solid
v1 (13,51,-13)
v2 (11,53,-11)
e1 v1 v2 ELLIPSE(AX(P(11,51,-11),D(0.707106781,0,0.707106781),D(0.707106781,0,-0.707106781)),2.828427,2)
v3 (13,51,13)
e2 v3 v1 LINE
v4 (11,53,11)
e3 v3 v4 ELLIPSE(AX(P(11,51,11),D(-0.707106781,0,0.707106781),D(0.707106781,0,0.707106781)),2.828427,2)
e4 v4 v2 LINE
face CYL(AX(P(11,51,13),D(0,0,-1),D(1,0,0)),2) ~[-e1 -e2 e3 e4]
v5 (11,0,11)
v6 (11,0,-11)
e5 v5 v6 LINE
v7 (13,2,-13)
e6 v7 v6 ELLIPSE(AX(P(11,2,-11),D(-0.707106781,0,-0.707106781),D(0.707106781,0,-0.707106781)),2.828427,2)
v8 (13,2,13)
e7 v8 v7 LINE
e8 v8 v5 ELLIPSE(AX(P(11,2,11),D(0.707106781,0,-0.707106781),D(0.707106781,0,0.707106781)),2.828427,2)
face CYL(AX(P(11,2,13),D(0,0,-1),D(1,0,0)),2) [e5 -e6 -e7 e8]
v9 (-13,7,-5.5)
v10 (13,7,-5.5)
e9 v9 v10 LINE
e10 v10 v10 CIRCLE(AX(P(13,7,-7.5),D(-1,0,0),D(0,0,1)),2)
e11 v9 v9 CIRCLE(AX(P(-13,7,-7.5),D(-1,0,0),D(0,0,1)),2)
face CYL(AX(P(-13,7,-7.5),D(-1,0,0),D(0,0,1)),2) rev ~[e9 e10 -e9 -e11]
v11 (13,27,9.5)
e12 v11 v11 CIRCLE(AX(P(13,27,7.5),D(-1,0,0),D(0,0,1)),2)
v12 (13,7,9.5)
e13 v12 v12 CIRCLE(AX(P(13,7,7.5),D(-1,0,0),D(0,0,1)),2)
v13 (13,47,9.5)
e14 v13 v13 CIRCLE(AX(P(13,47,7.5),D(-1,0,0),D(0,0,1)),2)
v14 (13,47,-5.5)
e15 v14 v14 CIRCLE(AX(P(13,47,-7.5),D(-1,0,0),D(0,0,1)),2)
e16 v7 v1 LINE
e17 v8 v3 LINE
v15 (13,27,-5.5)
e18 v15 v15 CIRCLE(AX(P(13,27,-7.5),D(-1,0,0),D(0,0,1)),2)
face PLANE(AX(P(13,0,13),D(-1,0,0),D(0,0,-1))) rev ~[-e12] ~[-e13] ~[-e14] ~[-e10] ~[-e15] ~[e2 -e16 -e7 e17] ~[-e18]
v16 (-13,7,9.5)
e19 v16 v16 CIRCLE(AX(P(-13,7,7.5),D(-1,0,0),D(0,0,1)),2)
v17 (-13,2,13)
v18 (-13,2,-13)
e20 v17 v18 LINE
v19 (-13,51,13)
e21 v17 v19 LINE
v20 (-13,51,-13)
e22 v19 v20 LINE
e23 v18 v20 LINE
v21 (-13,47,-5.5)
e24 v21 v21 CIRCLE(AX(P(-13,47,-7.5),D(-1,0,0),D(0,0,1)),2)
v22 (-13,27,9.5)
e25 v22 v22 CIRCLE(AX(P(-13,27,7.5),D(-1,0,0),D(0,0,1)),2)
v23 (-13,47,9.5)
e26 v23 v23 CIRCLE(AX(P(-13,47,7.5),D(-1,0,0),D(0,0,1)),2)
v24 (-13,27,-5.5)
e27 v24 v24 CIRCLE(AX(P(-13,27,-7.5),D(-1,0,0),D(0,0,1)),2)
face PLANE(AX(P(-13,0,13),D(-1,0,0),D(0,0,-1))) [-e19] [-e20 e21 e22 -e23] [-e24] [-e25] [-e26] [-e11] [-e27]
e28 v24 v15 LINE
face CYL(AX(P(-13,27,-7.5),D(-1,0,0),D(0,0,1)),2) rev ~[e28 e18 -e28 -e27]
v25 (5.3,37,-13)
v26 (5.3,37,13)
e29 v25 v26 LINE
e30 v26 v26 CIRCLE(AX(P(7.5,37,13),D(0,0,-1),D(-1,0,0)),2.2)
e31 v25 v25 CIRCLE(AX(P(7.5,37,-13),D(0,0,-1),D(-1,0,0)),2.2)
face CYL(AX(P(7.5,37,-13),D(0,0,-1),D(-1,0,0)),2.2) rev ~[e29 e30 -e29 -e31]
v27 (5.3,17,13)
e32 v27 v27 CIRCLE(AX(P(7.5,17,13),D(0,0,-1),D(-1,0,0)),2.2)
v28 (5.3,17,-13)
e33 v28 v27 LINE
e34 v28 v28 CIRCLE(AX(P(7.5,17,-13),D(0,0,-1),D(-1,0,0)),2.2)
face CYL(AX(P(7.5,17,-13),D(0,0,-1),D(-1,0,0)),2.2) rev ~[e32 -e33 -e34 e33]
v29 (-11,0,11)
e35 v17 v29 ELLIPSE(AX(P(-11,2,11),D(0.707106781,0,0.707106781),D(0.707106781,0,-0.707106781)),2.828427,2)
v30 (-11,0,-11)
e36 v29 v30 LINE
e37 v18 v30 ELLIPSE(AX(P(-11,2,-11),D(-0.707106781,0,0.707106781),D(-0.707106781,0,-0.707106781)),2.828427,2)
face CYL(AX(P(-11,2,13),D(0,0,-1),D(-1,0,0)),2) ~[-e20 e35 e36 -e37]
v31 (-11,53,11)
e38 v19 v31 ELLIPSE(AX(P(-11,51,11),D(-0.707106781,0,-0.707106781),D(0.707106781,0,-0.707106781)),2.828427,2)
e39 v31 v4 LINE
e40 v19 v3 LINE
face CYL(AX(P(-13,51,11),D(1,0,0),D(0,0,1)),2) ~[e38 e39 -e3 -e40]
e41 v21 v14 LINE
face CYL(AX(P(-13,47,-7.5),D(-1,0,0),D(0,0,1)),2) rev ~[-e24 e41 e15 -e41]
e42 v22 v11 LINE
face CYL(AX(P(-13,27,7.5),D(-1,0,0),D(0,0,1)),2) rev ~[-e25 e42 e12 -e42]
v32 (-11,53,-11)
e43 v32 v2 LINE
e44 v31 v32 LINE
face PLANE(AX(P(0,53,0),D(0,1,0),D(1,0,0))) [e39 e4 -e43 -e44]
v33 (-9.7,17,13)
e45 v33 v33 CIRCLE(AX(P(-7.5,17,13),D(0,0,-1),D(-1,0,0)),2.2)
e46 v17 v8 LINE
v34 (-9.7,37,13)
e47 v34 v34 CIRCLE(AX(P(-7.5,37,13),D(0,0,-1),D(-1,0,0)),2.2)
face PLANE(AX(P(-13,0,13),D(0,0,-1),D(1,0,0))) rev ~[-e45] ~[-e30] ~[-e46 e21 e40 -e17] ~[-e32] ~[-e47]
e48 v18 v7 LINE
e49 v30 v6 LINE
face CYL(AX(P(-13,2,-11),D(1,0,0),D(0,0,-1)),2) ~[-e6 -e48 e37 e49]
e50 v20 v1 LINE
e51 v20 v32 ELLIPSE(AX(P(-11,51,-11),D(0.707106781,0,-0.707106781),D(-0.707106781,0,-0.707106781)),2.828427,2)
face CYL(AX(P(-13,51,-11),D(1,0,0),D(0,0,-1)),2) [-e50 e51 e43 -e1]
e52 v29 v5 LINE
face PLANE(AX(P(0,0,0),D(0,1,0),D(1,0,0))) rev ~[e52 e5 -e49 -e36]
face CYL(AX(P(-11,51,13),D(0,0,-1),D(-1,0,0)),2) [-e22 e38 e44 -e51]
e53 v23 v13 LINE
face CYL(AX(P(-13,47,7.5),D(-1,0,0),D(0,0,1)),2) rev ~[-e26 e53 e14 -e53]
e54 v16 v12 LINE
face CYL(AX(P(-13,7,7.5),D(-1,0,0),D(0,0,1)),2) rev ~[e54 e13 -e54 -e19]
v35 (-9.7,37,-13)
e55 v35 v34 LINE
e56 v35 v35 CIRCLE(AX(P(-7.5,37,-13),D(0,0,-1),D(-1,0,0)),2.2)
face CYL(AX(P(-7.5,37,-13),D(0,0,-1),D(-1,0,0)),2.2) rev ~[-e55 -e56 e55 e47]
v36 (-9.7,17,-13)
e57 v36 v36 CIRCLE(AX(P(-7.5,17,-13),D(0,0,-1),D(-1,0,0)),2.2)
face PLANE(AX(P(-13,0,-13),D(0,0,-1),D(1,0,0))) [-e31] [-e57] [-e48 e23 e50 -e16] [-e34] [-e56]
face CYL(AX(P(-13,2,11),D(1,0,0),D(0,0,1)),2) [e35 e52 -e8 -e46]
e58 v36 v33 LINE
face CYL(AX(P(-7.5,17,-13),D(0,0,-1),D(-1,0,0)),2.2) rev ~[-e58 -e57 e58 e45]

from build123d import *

# Parameters (mm, degrees)
SKETCH_1_W          = 26
SKETCH_1_H          = 26
EXTRUDE_1_DEPTH     = 53
FILLET_2_R          = 2
CUT_EXTRUDE_1_REACH = 62.448
SKETCH_2_R          = 1.55
CUT_EXTRUDE_2_REACH = 62.448
SKETCH_3_R          = 2
CUT_EXTRUDE_3_REACH = 62.448
SKETCH_4_R          = 2.2


with BuildPart() as part:
    # 草图1 → 凸台-拉伸1 (new body)
    with BuildSketch(Plane(origin=(0, 0, 0), x_dir=(1, 0, 0), z_dir=(0, 1, 0))):
        Rectangle(SKETCH_1_W, SKETCH_1_H)
    extrude(amount=EXTRUDE_1_DEPTH)

    # 圆角2
    fillet_2_edges = [part.edges().sort_by_distance(p)[0] for p in [
        (-13, 53, 0),
        (0, 53, 13),
        (13, 53, 0),
        (0, 0, 13),
        (-13, 0, 0),
        (0, 0, -13),
        (13, 0, 0),
        (0, 53, -13),
    ]]
    fillet(fillet_2_edges, radius=FILLET_2_R)

    # 草图2 → 切除-拉伸1 (cut, up to next)
    with BuildSketch(Plane.XY.offset(13), mode=Mode.PRIVATE) as cut_extrude_1_sk1:
        with Locations((-7.5, 37)):
            Circle(SKETCH_2_R)
    cut_extrude_1_tool1 = extrude(cut_extrude_1_sk1.sketch, amount=-CUT_EXTRUDE_1_REACH, mode=Mode.PRIVATE) & part.part
    # 草图2 → 切除-拉伸1 (cut, up to next)
    with BuildSketch(Plane.XY.offset(13), mode=Mode.PRIVATE) as cut_extrude_1_sk2:
        with Locations((7.5, 37)):
            Circle(SKETCH_2_R)
    cut_extrude_1_tool2 = extrude(cut_extrude_1_sk2.sketch, amount=-CUT_EXTRUDE_1_REACH, mode=Mode.PRIVATE) & part.part
    # 草图2 → 切除-拉伸1 (cut, up to next)
    with BuildSketch(Plane.XY.offset(13), mode=Mode.PRIVATE) as cut_extrude_1_sk3:
        with Locations((-7.5, 17)):
            Circle(SKETCH_2_R)
    cut_extrude_1_tool3 = extrude(cut_extrude_1_sk3.sketch, amount=-CUT_EXTRUDE_1_REACH, mode=Mode.PRIVATE) & part.part
    # 草图2 → 切除-拉伸1 (cut, up to next)
    with BuildSketch(Plane.XY.offset(13), mode=Mode.PRIVATE) as cut_extrude_1_sk4:
        with Locations((7.5, 17)):
            Circle(SKETCH_2_R)
    cut_extrude_1_tool4 = extrude(cut_extrude_1_sk4.sketch, amount=-CUT_EXTRUDE_1_REACH, mode=Mode.PRIVATE) & part.part
    add(cut_extrude_1_tool1.solids().sort_by_distance((-7.5, 37, 13))[0], mode=Mode.SUBTRACT)
    add(cut_extrude_1_tool2.solids().sort_by_distance((7.5, 37, 13))[0], mode=Mode.SUBTRACT)
    add(cut_extrude_1_tool3.solids().sort_by_distance((-7.5, 17, 13))[0], mode=Mode.SUBTRACT)
    add(cut_extrude_1_tool4.solids().sort_by_distance((7.5, 17, 13))[0], mode=Mode.SUBTRACT)

    # 草图3 → 切除-拉伸2 (cut, up to next)
    with BuildSketch(Plane.ZY.offset(13), mode=Mode.PRIVATE) as cut_extrude_2_sk1:
        with Locations((-7.5, 47)):
            Circle(SKETCH_3_R)
    cut_extrude_2_tool1 = extrude(cut_extrude_2_sk1.sketch, amount=-CUT_EXTRUDE_2_REACH, mode=Mode.PRIVATE) & part.part
    # 草图3 → 切除-拉伸2 (cut, up to next)
    with BuildSketch(Plane.ZY.offset(13), mode=Mode.PRIVATE) as cut_extrude_2_sk2:
        with Locations((7.5, 47)):
            Circle(SKETCH_3_R)
    cut_extrude_2_tool2 = extrude(cut_extrude_2_sk2.sketch, amount=-CUT_EXTRUDE_2_REACH, mode=Mode.PRIVATE) & part.part
    # 草图3 → 切除-拉伸2 (cut, up to next)
    with BuildSketch(Plane.ZY.offset(13), mode=Mode.PRIVATE) as cut_extrude_2_sk3:
        with Locations((-7.5, 27)):
            Circle(SKETCH_3_R)
    cut_extrude_2_tool3 = extrude(cut_extrude_2_sk3.sketch, amount=-CUT_EXTRUDE_2_REACH, mode=Mode.PRIVATE) & part.part
    # 草图3 → 切除-拉伸2 (cut, up to next)
    with BuildSketch(Plane.ZY.offset(13), mode=Mode.PRIVATE) as cut_extrude_2_sk4:
        with Locations((7.5, 27)):
            Circle(SKETCH_3_R)
    cut_extrude_2_tool4 = extrude(cut_extrude_2_sk4.sketch, amount=-CUT_EXTRUDE_2_REACH, mode=Mode.PRIVATE) & part.part
    # 草图3 → 切除-拉伸2 (cut, up to next)
    with BuildSketch(Plane.ZY.offset(13), mode=Mode.PRIVATE) as cut_extrude_2_sk5:
        with Locations((-7.5, 7)):
            Circle(SKETCH_3_R)
    cut_extrude_2_tool5 = extrude(cut_extrude_2_sk5.sketch, amount=-CUT_EXTRUDE_2_REACH, mode=Mode.PRIVATE) & part.part
    # 草图3 → 切除-拉伸2 (cut, up to next)
    with BuildSketch(Plane.ZY.offset(13), mode=Mode.PRIVATE) as cut_extrude_2_sk6:
        with Locations((7.5, 7)):
            Circle(SKETCH_3_R)
    cut_extrude_2_tool6 = extrude(cut_extrude_2_sk6.sketch, amount=-CUT_EXTRUDE_2_REACH, mode=Mode.PRIVATE) & part.part
    add(cut_extrude_2_tool1.solids().sort_by_distance((-13, 47, -7.5))[0], mode=Mode.SUBTRACT)
    add(cut_extrude_2_tool2.solids().sort_by_distance((-13, 47, 7.5))[0], mode=Mode.SUBTRACT)
    add(cut_extrude_2_tool3.solids().sort_by_distance((-13, 27, -7.5))[0], mode=Mode.SUBTRACT)
    add(cut_extrude_2_tool4.solids().sort_by_distance((-13, 27, 7.5))[0], mode=Mode.SUBTRACT)
    add(cut_extrude_2_tool5.solids().sort_by_distance((-13, 7, -7.5))[0], mode=Mode.SUBTRACT)
    add(cut_extrude_2_tool6.solids().sort_by_distance((-13, 7, 7.5))[0], mode=Mode.SUBTRACT)

    # 草图4 → 切除-拉伸3 (cut, up to next)
    with BuildSketch(Plane(origin=(0, 0, -13), x_dir=(-1, 0, 0), z_dir=(0, 0, -1)), mode=Mode.PRIVATE) as cut_extrude_3_sk1:
        with Locations((-7.5, 37)):
            Circle(SKETCH_4_R)
    cut_extrude_3_tool1 = extrude(cut_extrude_3_sk1.sketch, amount=-CUT_EXTRUDE_3_REACH, mode=Mode.PRIVATE) & part.part
    # 草图4 → 切除-拉伸3 (cut, up to next)
    with BuildSketch(Plane(origin=(0, 0, -13), x_dir=(-1, 0, 0), z_dir=(0, 0, -1)), mode=Mode.PRIVATE) as cut_extrude_3_sk2:
        with Locations((7.5, 37)):
            Circle(SKETCH_4_R)
    cut_extrude_3_tool2 = extrude(cut_extrude_3_sk2.sketch, amount=-CUT_EXTRUDE_3_REACH, mode=Mode.PRIVATE) & part.part
    # 草图4 → 切除-拉伸3 (cut, up to next)
    with BuildSketch(Plane(origin=(0, 0, -13), x_dir=(-1, 0, 0), z_dir=(0, 0, -1)), mode=Mode.PRIVATE) as cut_extrude_3_sk3:
        with Locations((7.5, 17)):
            Circle(SKETCH_4_R)
    cut_extrude_3_tool3 = extrude(cut_extrude_3_sk3.sketch, amount=-CUT_EXTRUDE_3_REACH, mode=Mode.PRIVATE) & part.part
    # 草图4 → 切除-拉伸3 (cut, up to next)
    with BuildSketch(Plane(origin=(0, 0, -13), x_dir=(-1, 0, 0), z_dir=(0, 0, -1)), mode=Mode.PRIVATE) as cut_extrude_3_sk4:
        with Locations((-7.5, 17)):
            Circle(SKETCH_4_R)
    cut_extrude_3_tool4 = extrude(cut_extrude_3_sk4.sketch, amount=-CUT_EXTRUDE_3_REACH, mode=Mode.PRIVATE) & part.part
    add(cut_extrude_3_tool1.solids().sort_by_distance((7.5, 37, -13))[0], mode=Mode.SUBTRACT)
    add(cut_extrude_3_tool2.solids().sort_by_distance((-7.5, 37, -13))[0], mode=Mode.SUBTRACT)
    add(cut_extrude_3_tool3.solids().sort_by_distance((-7.5, 17, -13))[0], mode=Mode.SUBTRACT)
    add(cut_extrude_3_tool4.solids().sort_by_distance((7.5, 17, -13))[0], mode=Mode.SUBTRACT)


solid = part.part
